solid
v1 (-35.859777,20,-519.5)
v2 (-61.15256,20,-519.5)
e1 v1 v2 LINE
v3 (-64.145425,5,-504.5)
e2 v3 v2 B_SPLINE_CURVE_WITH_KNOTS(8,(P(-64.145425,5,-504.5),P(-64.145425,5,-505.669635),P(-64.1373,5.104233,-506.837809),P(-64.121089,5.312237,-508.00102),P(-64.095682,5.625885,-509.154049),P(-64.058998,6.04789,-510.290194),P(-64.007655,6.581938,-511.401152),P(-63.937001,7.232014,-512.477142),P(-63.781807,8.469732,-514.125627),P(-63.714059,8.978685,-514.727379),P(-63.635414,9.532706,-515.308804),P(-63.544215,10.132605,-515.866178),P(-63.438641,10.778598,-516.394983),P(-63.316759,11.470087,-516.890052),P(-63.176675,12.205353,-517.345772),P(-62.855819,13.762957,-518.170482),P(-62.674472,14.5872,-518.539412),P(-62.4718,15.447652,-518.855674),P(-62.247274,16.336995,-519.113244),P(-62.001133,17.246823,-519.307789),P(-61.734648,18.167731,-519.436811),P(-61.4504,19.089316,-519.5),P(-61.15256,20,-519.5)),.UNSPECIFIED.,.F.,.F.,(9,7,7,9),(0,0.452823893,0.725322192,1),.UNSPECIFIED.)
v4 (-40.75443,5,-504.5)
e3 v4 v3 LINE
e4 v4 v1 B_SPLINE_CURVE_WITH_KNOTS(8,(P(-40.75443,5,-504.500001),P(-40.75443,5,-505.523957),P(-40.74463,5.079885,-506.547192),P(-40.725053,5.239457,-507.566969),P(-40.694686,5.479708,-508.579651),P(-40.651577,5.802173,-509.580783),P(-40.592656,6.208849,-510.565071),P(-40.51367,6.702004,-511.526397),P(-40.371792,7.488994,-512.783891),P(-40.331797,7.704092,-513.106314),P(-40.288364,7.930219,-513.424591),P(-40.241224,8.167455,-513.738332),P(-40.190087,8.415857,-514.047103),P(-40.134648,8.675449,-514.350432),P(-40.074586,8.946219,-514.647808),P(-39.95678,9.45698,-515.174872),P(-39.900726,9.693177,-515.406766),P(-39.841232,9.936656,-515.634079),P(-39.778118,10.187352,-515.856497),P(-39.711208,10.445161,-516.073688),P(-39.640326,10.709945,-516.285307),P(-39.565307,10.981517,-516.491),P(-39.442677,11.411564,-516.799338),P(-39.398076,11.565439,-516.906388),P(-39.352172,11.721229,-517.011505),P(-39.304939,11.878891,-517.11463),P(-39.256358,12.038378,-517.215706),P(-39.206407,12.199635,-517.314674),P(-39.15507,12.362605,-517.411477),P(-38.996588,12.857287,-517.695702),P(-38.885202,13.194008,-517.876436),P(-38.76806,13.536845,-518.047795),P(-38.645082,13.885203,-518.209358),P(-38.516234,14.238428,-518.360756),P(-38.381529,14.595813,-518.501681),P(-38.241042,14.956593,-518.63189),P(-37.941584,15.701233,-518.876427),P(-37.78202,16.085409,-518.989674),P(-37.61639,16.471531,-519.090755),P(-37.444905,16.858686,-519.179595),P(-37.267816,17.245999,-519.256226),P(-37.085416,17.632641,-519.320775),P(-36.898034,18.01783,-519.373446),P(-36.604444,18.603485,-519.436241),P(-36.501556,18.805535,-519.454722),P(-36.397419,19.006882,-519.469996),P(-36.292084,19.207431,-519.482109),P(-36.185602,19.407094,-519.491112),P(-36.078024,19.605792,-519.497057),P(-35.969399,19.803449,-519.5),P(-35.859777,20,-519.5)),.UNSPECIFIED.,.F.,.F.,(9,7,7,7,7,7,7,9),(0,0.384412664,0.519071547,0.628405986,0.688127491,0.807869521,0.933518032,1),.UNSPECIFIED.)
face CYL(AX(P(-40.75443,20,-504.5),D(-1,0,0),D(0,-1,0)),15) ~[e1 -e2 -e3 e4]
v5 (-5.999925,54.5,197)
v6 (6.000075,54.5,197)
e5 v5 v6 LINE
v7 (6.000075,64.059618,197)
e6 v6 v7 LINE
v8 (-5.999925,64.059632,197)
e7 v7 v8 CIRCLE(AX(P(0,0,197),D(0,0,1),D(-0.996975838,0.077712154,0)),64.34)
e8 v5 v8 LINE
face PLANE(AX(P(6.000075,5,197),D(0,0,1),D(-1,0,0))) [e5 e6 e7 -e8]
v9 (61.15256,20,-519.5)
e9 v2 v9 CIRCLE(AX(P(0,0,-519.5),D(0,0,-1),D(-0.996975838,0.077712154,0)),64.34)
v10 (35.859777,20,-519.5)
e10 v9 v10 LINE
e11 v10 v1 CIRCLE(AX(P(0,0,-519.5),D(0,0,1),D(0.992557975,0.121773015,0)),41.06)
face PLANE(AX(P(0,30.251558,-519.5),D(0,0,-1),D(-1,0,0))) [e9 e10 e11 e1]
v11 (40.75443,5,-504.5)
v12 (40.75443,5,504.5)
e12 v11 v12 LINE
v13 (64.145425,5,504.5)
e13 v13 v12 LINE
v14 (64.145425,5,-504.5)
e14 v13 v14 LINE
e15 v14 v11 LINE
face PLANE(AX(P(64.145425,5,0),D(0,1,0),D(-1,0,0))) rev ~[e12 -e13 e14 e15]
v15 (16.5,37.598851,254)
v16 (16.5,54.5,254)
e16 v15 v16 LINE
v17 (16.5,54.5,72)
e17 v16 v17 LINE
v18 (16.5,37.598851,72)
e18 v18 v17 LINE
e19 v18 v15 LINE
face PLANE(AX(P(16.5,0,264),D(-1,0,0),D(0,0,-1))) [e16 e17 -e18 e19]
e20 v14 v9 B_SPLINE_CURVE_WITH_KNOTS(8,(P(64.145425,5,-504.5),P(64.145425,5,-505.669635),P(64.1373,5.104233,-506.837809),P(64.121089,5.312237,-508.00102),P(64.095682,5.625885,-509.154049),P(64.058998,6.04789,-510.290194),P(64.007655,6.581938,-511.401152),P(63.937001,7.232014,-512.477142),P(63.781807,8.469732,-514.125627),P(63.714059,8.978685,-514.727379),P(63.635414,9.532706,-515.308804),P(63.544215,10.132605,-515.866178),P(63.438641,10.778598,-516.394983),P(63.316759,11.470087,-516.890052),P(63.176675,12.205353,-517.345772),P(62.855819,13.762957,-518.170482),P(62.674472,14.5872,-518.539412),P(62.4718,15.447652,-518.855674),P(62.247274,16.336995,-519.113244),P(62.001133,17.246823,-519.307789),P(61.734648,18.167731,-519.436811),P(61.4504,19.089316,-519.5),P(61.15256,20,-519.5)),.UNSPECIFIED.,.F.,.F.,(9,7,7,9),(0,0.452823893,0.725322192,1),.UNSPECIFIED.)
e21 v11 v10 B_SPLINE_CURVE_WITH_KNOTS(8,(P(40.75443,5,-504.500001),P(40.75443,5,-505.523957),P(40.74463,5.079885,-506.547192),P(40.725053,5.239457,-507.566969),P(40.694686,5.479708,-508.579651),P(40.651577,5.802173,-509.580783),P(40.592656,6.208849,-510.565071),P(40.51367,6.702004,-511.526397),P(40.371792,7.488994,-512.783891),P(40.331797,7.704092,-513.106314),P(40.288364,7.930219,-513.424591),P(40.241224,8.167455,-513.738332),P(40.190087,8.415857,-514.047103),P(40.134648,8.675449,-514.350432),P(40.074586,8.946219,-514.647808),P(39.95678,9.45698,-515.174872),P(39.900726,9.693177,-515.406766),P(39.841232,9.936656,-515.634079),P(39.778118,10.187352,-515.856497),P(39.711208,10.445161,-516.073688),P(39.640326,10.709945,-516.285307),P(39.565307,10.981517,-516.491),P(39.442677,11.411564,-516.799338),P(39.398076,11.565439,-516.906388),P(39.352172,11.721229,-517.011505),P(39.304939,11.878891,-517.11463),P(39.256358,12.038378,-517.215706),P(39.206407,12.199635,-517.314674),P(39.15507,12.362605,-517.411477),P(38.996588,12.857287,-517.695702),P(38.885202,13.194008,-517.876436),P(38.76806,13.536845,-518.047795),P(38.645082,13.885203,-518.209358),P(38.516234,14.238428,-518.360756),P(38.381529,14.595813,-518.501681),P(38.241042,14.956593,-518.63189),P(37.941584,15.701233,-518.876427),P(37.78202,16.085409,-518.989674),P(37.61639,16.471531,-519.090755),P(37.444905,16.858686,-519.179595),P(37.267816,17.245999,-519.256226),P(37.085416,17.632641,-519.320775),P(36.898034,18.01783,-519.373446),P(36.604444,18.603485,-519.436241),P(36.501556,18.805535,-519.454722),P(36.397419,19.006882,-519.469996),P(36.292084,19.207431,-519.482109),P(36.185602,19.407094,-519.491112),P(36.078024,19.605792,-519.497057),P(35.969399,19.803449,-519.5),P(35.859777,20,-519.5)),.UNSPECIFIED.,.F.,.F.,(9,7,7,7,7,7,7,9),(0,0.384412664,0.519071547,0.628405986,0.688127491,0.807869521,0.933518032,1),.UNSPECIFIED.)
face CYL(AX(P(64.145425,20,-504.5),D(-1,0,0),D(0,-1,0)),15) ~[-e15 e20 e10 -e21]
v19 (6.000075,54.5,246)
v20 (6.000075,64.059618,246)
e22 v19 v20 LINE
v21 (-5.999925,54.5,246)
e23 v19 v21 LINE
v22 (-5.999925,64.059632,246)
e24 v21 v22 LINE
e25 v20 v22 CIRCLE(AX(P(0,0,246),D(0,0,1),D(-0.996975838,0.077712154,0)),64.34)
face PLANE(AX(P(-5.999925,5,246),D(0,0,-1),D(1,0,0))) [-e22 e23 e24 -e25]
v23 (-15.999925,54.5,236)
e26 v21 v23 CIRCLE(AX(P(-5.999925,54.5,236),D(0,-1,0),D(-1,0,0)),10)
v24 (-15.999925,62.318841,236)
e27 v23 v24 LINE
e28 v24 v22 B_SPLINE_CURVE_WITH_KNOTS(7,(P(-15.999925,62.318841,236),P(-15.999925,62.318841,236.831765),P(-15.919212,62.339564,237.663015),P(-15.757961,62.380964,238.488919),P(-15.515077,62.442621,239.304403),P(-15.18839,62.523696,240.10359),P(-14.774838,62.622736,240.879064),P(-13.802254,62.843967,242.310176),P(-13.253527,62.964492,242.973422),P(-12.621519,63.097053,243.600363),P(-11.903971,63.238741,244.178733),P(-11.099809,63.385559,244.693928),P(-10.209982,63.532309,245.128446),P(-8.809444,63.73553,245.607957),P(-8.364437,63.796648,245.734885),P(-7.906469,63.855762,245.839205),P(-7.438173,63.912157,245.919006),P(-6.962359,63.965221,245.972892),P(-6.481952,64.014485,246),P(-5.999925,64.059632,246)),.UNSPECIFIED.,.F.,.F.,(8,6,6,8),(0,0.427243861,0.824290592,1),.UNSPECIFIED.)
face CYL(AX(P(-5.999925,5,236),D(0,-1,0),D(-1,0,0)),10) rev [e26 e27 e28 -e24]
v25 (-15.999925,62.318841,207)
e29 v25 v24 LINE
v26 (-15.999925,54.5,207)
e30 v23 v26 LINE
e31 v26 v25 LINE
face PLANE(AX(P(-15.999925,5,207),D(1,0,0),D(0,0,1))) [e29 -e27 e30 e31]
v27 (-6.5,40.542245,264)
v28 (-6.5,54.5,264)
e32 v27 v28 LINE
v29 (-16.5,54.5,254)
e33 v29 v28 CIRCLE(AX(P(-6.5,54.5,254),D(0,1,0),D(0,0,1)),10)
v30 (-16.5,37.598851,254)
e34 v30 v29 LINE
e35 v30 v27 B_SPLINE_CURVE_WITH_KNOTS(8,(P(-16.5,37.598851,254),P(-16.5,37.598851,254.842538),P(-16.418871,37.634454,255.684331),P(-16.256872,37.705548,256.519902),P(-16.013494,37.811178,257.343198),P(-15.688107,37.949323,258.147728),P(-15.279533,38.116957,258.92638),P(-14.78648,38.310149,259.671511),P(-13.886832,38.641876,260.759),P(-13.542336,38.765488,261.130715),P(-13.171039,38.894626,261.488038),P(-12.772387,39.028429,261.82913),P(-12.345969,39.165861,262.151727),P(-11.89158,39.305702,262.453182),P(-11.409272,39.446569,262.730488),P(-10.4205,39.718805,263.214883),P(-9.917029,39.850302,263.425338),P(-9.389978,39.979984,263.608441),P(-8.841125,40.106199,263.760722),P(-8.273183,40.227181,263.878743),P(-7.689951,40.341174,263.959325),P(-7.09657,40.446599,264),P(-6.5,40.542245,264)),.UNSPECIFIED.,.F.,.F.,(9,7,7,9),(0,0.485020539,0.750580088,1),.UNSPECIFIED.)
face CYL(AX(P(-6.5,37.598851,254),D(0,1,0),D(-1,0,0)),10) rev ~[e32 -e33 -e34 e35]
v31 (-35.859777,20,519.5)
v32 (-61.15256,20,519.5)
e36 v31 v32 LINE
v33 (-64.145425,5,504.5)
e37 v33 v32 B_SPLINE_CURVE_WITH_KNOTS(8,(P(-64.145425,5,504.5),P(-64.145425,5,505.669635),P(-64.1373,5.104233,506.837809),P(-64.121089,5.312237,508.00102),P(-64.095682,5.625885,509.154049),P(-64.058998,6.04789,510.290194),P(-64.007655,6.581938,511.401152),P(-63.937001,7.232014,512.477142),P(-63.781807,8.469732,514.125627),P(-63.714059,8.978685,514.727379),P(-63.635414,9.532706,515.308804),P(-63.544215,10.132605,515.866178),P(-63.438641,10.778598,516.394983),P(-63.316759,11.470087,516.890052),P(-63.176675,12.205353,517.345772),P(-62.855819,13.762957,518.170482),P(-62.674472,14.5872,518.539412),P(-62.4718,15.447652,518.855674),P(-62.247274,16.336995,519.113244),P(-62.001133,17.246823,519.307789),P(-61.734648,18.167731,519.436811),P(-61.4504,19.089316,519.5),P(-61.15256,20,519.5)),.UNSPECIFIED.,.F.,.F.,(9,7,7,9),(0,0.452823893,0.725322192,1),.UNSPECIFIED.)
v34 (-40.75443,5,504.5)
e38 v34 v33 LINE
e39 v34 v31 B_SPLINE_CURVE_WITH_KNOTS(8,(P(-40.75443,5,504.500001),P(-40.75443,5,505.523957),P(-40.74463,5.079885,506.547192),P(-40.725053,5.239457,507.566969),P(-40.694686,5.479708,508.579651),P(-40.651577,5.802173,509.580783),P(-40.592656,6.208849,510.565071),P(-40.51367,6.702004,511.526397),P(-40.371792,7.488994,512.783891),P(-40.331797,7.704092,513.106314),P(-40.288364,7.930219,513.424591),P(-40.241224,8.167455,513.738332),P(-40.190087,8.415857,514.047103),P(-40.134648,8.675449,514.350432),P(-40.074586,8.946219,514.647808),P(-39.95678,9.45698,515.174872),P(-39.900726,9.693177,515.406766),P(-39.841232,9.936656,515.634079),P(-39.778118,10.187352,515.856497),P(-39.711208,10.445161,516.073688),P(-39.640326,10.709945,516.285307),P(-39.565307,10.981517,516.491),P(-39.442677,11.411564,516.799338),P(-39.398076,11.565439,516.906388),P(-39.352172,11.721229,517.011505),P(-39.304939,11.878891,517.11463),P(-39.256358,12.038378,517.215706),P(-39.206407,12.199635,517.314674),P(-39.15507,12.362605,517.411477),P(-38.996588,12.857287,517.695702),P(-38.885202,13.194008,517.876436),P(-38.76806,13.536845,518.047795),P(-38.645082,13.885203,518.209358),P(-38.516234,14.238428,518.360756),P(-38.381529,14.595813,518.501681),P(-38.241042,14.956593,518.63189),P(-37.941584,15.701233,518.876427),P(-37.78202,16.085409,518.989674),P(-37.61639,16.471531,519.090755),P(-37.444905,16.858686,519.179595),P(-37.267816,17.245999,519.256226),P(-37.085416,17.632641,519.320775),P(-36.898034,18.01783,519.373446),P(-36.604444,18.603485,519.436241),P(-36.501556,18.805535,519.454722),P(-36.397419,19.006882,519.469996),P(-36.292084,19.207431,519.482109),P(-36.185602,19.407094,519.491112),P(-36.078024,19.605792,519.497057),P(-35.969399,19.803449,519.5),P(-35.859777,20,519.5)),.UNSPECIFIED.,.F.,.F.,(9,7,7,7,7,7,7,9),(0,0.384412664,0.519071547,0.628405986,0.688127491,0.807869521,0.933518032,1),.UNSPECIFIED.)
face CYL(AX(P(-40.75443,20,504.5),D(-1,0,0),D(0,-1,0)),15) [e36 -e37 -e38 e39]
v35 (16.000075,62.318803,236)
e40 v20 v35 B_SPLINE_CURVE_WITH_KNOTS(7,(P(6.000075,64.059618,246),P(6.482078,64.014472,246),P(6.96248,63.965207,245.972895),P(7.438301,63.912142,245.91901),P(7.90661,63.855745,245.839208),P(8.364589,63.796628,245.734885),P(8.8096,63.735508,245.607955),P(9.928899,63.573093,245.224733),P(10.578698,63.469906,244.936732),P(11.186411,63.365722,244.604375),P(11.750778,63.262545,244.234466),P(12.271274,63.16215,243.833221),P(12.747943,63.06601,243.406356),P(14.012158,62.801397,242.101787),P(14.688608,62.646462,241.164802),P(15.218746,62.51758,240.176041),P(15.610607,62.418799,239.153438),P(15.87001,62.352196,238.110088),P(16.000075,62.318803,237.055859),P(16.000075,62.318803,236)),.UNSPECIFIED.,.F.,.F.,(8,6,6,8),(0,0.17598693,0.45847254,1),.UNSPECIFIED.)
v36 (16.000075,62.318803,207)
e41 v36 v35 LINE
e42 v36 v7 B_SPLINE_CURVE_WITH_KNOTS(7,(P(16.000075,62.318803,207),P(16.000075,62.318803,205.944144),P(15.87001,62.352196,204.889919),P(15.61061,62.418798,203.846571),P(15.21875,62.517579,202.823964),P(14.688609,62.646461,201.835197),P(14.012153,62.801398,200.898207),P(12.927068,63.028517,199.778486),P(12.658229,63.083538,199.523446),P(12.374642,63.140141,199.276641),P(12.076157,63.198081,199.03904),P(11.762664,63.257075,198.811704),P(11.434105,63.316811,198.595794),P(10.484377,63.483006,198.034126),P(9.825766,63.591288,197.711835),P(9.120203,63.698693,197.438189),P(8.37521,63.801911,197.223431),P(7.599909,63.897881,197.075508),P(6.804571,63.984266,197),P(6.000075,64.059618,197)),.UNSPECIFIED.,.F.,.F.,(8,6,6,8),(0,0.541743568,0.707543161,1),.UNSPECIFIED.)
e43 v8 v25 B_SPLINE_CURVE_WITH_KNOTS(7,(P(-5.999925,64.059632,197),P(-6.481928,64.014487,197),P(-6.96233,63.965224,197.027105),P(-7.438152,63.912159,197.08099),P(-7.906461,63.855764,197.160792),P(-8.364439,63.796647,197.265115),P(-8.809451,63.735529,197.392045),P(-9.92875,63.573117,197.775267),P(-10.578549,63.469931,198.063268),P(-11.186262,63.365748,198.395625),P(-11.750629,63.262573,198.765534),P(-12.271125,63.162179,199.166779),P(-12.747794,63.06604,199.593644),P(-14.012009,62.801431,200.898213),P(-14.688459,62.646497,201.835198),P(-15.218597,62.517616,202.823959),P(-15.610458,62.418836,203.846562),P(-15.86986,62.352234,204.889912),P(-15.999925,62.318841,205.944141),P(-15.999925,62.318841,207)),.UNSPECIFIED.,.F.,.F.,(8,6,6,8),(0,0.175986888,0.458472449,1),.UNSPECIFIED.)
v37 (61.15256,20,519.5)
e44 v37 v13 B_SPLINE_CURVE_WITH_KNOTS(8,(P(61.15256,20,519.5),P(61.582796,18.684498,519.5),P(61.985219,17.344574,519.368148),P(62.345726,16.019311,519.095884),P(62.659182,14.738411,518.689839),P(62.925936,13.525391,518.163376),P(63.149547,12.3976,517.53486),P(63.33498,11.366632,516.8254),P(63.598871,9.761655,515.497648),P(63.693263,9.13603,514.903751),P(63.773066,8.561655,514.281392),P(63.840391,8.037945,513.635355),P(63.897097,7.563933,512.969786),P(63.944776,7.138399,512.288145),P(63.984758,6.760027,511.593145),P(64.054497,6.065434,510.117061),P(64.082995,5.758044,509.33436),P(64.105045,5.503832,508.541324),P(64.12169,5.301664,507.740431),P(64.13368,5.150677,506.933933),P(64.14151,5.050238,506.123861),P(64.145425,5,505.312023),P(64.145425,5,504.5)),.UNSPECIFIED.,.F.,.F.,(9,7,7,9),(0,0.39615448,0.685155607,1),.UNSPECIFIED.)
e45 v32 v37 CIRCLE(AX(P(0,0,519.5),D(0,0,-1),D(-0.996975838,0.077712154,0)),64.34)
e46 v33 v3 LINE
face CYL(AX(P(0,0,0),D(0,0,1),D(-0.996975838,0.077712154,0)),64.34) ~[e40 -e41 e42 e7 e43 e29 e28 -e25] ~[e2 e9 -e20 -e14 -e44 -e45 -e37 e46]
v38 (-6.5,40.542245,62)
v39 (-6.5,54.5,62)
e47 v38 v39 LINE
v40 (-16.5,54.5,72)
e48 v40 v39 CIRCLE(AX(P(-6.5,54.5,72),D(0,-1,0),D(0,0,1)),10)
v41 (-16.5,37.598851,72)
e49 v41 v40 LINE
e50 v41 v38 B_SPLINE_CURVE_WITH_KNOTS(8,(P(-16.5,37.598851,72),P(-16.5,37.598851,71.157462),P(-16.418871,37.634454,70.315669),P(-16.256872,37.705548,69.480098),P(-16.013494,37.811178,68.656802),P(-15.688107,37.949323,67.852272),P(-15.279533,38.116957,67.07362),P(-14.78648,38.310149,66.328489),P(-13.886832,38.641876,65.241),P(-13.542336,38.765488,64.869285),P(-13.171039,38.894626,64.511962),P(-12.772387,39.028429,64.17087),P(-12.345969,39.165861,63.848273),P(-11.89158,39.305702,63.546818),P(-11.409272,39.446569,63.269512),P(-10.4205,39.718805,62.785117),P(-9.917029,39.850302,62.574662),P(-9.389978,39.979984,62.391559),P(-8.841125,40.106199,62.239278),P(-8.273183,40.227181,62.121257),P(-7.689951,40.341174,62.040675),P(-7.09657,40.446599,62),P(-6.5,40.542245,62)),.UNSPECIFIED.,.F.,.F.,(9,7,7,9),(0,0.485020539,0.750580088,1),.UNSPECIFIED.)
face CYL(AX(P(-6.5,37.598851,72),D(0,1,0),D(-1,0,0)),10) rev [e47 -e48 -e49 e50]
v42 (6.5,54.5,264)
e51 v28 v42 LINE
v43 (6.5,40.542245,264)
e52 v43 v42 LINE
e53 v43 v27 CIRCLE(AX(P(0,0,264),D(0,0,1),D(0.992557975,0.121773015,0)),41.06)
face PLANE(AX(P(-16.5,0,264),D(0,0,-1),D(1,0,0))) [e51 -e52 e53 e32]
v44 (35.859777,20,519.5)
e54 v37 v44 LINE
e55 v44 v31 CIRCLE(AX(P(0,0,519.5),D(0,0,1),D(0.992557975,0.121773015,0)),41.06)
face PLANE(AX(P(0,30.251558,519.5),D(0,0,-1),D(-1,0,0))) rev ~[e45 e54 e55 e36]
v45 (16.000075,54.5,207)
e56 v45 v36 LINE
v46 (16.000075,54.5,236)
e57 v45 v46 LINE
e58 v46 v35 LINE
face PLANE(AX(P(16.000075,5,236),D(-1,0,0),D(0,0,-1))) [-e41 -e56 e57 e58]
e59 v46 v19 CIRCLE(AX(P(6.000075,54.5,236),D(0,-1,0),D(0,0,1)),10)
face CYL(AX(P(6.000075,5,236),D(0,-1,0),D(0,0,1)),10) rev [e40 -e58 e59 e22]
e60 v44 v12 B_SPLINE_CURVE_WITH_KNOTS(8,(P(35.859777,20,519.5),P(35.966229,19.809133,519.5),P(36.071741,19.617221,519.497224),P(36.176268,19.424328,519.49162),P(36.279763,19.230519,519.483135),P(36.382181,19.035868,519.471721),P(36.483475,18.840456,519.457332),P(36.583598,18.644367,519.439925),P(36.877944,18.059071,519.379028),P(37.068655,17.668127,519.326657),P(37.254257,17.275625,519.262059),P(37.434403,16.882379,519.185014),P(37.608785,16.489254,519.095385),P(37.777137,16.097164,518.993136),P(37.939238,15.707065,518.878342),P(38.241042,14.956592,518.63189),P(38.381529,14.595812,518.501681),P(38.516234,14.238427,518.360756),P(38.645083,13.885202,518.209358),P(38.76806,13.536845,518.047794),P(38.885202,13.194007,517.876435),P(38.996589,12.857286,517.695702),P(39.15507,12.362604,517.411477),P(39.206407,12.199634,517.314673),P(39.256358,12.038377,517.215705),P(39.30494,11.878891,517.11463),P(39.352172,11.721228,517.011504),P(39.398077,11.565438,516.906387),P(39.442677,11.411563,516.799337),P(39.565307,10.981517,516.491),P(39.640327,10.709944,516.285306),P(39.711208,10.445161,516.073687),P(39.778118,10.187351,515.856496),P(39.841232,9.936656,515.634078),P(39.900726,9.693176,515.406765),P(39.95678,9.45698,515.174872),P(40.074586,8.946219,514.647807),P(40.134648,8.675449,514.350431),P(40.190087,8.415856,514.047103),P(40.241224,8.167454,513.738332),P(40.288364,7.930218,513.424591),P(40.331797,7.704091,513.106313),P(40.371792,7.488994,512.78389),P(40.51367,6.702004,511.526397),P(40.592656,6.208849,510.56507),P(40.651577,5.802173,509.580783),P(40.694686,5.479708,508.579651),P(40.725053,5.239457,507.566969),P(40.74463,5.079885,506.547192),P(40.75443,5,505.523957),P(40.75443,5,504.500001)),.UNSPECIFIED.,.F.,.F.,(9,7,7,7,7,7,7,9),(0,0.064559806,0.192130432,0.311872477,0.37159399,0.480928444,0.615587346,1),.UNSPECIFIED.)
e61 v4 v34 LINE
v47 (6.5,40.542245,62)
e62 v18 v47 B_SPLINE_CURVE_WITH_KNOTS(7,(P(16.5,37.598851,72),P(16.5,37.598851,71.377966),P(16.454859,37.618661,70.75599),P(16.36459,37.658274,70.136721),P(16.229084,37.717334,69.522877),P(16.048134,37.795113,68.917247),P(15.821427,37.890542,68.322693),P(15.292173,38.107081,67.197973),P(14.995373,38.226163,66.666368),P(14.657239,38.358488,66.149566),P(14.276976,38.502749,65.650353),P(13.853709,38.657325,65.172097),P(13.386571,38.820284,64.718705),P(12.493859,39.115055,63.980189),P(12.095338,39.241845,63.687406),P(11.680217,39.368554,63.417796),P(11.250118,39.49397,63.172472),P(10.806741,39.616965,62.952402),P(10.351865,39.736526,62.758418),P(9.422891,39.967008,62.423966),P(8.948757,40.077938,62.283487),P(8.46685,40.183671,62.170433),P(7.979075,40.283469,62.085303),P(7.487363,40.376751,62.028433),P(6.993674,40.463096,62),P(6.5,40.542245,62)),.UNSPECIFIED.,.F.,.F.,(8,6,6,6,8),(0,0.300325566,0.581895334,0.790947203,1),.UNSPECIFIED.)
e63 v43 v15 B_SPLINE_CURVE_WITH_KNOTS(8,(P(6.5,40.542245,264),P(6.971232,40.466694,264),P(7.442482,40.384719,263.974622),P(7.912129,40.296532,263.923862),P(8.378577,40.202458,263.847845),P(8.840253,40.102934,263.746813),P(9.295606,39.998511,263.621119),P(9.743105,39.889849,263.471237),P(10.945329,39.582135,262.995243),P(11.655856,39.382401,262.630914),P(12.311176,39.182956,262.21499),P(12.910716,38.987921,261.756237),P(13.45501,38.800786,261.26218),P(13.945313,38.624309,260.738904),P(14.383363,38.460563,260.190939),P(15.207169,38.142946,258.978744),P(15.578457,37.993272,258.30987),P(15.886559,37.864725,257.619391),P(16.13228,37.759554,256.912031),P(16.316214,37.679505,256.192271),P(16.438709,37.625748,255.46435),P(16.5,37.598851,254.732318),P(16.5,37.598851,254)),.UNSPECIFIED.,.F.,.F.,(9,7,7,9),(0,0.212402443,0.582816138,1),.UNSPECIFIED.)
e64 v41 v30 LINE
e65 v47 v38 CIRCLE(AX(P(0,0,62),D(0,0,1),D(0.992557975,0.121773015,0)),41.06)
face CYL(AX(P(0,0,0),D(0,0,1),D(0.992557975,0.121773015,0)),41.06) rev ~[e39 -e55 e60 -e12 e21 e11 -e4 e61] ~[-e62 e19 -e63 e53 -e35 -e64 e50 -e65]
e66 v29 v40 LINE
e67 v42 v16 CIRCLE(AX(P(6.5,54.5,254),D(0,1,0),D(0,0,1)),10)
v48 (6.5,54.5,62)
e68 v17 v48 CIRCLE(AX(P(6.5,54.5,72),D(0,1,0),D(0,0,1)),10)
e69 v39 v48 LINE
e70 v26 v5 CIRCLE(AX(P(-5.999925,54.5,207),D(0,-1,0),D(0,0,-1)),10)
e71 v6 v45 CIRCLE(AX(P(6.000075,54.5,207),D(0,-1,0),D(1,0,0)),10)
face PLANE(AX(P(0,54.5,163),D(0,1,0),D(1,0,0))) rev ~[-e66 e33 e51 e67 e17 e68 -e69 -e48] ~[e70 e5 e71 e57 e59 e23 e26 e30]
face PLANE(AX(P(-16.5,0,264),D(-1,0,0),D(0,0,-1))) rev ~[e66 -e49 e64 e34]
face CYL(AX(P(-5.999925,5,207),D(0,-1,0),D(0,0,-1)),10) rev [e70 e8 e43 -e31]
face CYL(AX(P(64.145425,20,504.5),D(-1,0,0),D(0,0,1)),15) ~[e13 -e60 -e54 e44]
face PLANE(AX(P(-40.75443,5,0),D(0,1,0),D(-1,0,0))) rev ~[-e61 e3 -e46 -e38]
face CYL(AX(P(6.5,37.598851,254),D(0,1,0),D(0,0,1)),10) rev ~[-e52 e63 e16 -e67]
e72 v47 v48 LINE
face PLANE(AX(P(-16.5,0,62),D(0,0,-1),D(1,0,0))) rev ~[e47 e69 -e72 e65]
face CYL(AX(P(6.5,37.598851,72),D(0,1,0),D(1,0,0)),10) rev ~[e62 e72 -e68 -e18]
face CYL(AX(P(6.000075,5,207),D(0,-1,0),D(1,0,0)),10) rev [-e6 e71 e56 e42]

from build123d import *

# Parameters (mm, degrees)
BOSS_EXTRUDE1_DEPTH = 519.5
FILLET1_R           = 15
SKETCH2_W           = 33
SKETCH2_H           = 202
CUT_EXTRUDE1_DEPTH  = 54.5
FILLET2_R           = 10
CUT_EXTRUDE2_DEPTH  = 60.3400001


with BuildPart() as part:
    # Sketch1 → Boss-Extrude1 (new body, symmetric)
    with BuildSketch(Plane.XY):
        with BuildLine():
            Line((-40.754430434, 5), (-64.145425402, 5))
            ThreePointArc((-64.145425402, 5), (0, 64.34), (64.145425402, 5))
            Line((64.145425402, 5), (40.754430434, 5))
            ThreePointArc((40.754430434, 5), (0, 41.06), (-40.754430434, 5))
        make_face()
    extrude(amount=BOSS_EXTRUDE1_DEPTH, both=True)

    # Fillet1
    fillet1_edges = [part.edges().sort_by_distance(p)[0] for p in [
        (-52.449927918, 5, 519.5),
        (-52.449927918, 5, -519.5),
        (52.449927918, 5, -519.5),
        (52.449927918, 5, 519.5),
    ]]
    fillet(fillet1_edges, radius=FILLET1_R)

    # Sketch2 → Cut-Extrude1 (cut)
    with BuildSketch(Plane(origin=(0, 0, 0), x_dir=(1, 0, 0), z_dir=(0, 1, 0))):
        with Locations((0, -163)):
            Rectangle(SKETCH2_W, SKETCH2_H)
    extrude(amount=CUT_EXTRUDE1_DEPTH, mode=Mode.SUBTRACT)

    # Fillet2
    fillet2_edges = [part.edges().sort_by_distance(p)[0] for p in [
        (-16.5, 46.049425523, 62),
        (-16.5, 46.049425523, 264),
        (16.5, 46.049425523, 264),
        (16.5, 46.049425523, 62),
    ]]
    fillet(fillet2_edges, radius=FILLET2_R)

    # Sketch3 → Cut-Extrude2 (cut, through all)
    with BuildSketch(Plane.XZ.offset(-5)):
        with BuildLine():
            Line((-5.999925402, 246), (6.000074598, 246))
            ThreePointArc((6.000074598, 246), (13.07114241, 243.071067812), (16.000074598, 236))
            Line((16.000074598, 236), (16.000074598, 207))
            ThreePointArc((16.000074598, 207), (13.07114241, 199.928932188), (6.000074598, 197))
            Line((6.000074598, 197), (-5.999925402, 197))
            ThreePointArc((-5.999925402, 197), (-13.070993214, 199.928932188), (-15.999925402, 207))
            Line((-15.999925402, 207), (-15.999925402, 236))
            ThreePointArc((-15.999925402, 236), (-13.070993214, 243.071067812), (-5.999925402, 246))
        make_face()
    extrude(amount=-CUT_EXTRUDE2_DEPTH, mode=Mode.SUBTRACT)


solid = part.part
